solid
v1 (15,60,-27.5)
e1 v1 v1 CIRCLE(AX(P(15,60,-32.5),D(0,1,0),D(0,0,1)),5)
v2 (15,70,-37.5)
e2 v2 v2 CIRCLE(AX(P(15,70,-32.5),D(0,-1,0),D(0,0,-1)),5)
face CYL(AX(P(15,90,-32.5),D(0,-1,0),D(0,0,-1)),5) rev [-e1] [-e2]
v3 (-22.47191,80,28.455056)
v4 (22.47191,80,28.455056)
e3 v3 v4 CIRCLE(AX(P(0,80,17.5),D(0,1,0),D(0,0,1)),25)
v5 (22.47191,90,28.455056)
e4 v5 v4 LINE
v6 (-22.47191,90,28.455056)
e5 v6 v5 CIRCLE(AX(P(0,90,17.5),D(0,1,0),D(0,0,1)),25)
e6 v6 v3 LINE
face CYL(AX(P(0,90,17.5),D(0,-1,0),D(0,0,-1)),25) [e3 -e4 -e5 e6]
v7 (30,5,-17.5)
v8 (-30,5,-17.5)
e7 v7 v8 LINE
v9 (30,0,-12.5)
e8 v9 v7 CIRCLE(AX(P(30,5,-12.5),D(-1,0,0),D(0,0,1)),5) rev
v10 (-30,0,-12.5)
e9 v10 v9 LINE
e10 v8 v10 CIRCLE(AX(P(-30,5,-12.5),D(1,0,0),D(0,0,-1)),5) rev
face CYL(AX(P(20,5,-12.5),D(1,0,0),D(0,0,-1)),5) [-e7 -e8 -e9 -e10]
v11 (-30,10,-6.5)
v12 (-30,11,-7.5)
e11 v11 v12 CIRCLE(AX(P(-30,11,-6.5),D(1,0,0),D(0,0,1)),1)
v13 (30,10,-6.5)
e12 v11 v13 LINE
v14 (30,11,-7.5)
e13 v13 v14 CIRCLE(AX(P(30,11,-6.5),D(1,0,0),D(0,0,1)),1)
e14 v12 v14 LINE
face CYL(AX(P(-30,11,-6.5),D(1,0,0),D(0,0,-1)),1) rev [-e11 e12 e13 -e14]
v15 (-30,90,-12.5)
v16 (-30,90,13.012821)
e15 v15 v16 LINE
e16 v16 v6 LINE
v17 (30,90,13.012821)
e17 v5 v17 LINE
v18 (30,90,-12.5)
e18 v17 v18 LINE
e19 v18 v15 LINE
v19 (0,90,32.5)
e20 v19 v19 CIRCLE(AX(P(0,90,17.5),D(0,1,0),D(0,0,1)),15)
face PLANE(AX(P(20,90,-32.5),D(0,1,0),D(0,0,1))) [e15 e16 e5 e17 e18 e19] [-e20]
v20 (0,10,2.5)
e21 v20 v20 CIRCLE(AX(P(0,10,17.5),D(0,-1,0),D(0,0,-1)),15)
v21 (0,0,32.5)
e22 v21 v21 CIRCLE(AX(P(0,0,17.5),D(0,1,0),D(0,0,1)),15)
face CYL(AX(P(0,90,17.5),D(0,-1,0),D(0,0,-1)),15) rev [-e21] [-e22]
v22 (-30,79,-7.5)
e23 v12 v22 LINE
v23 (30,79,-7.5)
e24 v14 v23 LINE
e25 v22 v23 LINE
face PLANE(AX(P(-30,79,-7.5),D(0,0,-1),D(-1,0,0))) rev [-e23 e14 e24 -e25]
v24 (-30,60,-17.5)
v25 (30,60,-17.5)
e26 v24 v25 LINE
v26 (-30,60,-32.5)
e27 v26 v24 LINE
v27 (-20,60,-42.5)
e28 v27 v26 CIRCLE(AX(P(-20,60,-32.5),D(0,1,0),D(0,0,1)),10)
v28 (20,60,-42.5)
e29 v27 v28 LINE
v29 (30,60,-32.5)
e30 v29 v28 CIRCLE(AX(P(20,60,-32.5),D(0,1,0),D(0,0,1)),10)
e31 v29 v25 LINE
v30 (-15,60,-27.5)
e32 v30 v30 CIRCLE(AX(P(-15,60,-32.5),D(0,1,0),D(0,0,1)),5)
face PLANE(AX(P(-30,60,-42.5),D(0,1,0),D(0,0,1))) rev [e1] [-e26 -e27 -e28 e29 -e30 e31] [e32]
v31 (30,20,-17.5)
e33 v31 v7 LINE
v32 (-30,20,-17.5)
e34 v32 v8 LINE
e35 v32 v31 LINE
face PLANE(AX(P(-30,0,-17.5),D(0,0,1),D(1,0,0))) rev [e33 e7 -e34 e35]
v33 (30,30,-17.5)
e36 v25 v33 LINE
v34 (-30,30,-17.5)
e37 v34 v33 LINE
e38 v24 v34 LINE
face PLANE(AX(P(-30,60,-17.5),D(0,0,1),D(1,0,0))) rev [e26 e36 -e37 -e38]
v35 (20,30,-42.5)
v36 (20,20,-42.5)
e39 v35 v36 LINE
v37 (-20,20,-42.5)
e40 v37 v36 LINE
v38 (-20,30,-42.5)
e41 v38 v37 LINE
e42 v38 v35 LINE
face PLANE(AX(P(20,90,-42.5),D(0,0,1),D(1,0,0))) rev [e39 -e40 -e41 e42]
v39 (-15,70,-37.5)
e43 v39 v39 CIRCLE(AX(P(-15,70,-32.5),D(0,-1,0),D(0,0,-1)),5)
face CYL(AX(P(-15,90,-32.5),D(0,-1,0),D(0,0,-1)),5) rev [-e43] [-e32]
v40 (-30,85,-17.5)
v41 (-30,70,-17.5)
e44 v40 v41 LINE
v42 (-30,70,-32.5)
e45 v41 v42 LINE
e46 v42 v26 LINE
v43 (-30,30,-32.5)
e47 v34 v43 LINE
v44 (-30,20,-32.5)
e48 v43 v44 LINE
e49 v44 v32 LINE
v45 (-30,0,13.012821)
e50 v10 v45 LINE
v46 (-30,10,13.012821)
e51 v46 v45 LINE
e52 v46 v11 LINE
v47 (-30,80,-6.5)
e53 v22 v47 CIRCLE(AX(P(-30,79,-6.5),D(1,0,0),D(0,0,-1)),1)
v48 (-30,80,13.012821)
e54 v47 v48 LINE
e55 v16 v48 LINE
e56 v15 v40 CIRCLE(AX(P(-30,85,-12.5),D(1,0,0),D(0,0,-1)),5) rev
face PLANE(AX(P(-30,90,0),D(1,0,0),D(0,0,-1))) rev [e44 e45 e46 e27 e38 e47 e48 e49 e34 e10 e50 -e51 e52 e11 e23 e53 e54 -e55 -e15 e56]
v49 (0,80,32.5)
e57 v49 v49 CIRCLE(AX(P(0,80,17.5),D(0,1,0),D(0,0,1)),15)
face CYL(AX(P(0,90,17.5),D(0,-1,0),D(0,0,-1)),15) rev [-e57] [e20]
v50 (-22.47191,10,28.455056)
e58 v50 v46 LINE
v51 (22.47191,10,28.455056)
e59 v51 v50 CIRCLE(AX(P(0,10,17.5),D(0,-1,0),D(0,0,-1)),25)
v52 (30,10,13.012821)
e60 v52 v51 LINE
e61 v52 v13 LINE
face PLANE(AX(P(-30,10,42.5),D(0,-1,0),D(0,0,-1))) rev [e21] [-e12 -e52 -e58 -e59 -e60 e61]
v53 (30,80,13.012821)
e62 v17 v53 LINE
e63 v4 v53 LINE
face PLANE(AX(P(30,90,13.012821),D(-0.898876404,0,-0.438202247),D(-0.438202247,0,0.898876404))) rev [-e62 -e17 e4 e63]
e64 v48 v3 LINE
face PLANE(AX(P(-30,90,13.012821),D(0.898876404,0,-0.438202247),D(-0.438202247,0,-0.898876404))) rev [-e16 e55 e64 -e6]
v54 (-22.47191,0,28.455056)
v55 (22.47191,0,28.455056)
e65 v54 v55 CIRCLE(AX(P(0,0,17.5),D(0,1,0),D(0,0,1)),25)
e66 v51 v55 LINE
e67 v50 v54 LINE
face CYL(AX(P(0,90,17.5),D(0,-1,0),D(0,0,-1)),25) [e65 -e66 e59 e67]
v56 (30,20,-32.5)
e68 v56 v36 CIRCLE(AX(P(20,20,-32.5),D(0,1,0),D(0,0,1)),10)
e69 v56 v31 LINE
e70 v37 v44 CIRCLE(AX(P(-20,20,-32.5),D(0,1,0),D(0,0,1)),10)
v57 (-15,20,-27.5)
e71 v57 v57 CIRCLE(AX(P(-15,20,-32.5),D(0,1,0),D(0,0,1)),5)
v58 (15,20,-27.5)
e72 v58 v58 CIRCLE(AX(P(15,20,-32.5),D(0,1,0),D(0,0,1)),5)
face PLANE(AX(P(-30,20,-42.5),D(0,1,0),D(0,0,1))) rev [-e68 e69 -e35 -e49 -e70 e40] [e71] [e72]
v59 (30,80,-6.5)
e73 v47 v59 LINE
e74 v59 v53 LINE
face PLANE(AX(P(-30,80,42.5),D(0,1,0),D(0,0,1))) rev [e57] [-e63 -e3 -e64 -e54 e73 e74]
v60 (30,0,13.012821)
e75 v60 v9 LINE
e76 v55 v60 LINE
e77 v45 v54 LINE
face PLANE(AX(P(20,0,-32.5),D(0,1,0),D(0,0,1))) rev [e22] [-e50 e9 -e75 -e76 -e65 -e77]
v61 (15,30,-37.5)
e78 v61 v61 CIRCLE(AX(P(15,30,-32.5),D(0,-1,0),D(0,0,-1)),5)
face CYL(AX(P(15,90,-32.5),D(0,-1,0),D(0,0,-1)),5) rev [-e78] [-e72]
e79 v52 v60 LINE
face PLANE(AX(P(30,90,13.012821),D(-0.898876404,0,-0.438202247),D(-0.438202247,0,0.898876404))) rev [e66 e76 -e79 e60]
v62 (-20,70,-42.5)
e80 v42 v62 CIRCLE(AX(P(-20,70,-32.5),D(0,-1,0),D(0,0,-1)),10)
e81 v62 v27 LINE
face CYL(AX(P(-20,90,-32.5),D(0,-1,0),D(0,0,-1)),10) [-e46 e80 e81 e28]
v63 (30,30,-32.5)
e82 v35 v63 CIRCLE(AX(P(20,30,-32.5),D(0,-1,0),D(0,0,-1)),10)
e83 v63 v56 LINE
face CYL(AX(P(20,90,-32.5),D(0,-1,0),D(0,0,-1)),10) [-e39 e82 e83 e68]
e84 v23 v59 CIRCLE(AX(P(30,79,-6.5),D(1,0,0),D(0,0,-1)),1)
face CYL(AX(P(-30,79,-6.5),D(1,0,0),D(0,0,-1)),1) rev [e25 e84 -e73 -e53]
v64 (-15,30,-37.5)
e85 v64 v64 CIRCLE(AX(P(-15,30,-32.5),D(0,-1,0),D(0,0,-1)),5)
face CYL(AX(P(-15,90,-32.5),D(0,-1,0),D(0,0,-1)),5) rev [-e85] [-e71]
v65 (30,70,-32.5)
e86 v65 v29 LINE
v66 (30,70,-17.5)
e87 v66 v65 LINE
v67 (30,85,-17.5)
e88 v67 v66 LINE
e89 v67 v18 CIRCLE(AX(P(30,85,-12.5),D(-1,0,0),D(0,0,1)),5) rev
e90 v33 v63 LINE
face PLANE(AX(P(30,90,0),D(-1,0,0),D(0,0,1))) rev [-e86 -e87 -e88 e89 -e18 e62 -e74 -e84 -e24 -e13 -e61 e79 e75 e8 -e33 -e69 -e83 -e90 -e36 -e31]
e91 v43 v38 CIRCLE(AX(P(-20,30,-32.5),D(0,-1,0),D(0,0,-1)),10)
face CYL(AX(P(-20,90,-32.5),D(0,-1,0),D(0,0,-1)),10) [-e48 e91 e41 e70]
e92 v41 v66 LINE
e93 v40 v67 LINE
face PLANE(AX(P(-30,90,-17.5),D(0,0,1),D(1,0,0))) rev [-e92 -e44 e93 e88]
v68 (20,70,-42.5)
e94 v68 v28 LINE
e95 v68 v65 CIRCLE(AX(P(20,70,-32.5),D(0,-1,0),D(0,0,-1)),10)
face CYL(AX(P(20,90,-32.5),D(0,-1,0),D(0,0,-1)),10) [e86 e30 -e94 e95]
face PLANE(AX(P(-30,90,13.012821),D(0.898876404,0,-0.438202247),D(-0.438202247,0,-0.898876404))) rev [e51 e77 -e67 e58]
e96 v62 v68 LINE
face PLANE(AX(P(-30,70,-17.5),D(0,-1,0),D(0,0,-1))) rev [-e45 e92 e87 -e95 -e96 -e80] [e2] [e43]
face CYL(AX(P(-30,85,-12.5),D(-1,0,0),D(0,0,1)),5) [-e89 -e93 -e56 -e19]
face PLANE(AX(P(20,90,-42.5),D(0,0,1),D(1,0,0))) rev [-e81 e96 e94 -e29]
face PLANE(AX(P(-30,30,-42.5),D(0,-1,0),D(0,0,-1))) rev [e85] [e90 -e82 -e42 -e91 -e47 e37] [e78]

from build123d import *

# Parameters (mm, degrees)
SKETCH1_R           = 5
SKETCH1_R_2         = 15
BOSS_EXTRUDE1_DEPTH = 90
SKETCH2_W           = 25
SKETCH2_H           = 20
SKETCH2_H_2         = 30
CUT_EXTRUDE1_DEPTH  = 61
FILLET1_R           = 5


with BuildPart() as part:
    # Sketch1 → Boss-Extrude1 (new body)
    with BuildSketch(Plane(origin=(0, 0, 0), x_dir=(1, 0, 0), z_dir=(0, 1, 0))):
        with BuildLine():
            Line((30, 0), (30, 32.5))
            ThreePointArc((30, 32.5), (27.071067812, 39.571067812), (20, 42.5))
            Line((20, 42.5), (-20, 42.5))
            ThreePointArc((-20, 42.5), (-27.071067812, 39.571067812), (-30, 32.5))
            Line((-30, 32.5), (-30, 0))
            Line((-30, 0), (-30, -13.012820513))
            Line((-30, -13.012820513), (-22.471910112, -28.45505618))
            ThreePointArc((-22.471910112, -28.45505618), (0, -42.5), (22.471910112, -28.45505618))
            Line((22.471910112, -28.45505618), (30, -13.012820513))
            Line((30, -13.012820513), (30, 0))
        make_face()
        with Locations((-15, 32.5)):
            Circle(SKETCH1_R, mode=Mode.SUBTRACT)
        with Locations((15, 32.5)):
            Circle(SKETCH1_R, mode=Mode.SUBTRACT)
        with Locations((0, -17.5)):
            Circle(SKETCH1_R_2, mode=Mode.SUBTRACT)
    extrude(amount=BOSS_EXTRUDE1_DEPTH)

    # Sketch2 → Cut-Extrude1 (cut, through all)
    with BuildSketch(Plane(origin=(30, 0, 0), x_dir=(0, 0, -1), z_dir=(1, 0, 0))):
        with BuildLine():
            Line((-42.5, 80), (6.5, 80))
            ThreePointArc((6.5, 80), (7.207106781, 79.707106781), (7.5, 79))
            Line((7.5, 79), (7.5, 11))
            ThreePointArc((7.5, 11), (7.207106781, 10.292893219), (6.5, 10))
            Line((6.5, 10), (-42.5, 10))
            Line((-42.5, 10), (-42.5, 80))
        make_face()
        with Locations((30, 80)):
            Rectangle(SKETCH2_W, SKETCH2_H)
        with Locations((30, 10)):
            Rectangle(SKETCH2_W, SKETCH2_H)
        with Locations((30, 45)):
            Rectangle(SKETCH2_W, SKETCH2_H_2)
    extrude(amount=-CUT_EXTRUDE1_DEPTH, mode=Mode.SUBTRACT)

    # Fillet1
    fillet1_edges = [part.edges().sort_by_distance(p)[0] for p in [
        (0, 0, -17.5),
        (0, 90, -17.5),
    ]]
    fillet(fillet1_edges, radius=FILLET1_R)


solid = part.part
